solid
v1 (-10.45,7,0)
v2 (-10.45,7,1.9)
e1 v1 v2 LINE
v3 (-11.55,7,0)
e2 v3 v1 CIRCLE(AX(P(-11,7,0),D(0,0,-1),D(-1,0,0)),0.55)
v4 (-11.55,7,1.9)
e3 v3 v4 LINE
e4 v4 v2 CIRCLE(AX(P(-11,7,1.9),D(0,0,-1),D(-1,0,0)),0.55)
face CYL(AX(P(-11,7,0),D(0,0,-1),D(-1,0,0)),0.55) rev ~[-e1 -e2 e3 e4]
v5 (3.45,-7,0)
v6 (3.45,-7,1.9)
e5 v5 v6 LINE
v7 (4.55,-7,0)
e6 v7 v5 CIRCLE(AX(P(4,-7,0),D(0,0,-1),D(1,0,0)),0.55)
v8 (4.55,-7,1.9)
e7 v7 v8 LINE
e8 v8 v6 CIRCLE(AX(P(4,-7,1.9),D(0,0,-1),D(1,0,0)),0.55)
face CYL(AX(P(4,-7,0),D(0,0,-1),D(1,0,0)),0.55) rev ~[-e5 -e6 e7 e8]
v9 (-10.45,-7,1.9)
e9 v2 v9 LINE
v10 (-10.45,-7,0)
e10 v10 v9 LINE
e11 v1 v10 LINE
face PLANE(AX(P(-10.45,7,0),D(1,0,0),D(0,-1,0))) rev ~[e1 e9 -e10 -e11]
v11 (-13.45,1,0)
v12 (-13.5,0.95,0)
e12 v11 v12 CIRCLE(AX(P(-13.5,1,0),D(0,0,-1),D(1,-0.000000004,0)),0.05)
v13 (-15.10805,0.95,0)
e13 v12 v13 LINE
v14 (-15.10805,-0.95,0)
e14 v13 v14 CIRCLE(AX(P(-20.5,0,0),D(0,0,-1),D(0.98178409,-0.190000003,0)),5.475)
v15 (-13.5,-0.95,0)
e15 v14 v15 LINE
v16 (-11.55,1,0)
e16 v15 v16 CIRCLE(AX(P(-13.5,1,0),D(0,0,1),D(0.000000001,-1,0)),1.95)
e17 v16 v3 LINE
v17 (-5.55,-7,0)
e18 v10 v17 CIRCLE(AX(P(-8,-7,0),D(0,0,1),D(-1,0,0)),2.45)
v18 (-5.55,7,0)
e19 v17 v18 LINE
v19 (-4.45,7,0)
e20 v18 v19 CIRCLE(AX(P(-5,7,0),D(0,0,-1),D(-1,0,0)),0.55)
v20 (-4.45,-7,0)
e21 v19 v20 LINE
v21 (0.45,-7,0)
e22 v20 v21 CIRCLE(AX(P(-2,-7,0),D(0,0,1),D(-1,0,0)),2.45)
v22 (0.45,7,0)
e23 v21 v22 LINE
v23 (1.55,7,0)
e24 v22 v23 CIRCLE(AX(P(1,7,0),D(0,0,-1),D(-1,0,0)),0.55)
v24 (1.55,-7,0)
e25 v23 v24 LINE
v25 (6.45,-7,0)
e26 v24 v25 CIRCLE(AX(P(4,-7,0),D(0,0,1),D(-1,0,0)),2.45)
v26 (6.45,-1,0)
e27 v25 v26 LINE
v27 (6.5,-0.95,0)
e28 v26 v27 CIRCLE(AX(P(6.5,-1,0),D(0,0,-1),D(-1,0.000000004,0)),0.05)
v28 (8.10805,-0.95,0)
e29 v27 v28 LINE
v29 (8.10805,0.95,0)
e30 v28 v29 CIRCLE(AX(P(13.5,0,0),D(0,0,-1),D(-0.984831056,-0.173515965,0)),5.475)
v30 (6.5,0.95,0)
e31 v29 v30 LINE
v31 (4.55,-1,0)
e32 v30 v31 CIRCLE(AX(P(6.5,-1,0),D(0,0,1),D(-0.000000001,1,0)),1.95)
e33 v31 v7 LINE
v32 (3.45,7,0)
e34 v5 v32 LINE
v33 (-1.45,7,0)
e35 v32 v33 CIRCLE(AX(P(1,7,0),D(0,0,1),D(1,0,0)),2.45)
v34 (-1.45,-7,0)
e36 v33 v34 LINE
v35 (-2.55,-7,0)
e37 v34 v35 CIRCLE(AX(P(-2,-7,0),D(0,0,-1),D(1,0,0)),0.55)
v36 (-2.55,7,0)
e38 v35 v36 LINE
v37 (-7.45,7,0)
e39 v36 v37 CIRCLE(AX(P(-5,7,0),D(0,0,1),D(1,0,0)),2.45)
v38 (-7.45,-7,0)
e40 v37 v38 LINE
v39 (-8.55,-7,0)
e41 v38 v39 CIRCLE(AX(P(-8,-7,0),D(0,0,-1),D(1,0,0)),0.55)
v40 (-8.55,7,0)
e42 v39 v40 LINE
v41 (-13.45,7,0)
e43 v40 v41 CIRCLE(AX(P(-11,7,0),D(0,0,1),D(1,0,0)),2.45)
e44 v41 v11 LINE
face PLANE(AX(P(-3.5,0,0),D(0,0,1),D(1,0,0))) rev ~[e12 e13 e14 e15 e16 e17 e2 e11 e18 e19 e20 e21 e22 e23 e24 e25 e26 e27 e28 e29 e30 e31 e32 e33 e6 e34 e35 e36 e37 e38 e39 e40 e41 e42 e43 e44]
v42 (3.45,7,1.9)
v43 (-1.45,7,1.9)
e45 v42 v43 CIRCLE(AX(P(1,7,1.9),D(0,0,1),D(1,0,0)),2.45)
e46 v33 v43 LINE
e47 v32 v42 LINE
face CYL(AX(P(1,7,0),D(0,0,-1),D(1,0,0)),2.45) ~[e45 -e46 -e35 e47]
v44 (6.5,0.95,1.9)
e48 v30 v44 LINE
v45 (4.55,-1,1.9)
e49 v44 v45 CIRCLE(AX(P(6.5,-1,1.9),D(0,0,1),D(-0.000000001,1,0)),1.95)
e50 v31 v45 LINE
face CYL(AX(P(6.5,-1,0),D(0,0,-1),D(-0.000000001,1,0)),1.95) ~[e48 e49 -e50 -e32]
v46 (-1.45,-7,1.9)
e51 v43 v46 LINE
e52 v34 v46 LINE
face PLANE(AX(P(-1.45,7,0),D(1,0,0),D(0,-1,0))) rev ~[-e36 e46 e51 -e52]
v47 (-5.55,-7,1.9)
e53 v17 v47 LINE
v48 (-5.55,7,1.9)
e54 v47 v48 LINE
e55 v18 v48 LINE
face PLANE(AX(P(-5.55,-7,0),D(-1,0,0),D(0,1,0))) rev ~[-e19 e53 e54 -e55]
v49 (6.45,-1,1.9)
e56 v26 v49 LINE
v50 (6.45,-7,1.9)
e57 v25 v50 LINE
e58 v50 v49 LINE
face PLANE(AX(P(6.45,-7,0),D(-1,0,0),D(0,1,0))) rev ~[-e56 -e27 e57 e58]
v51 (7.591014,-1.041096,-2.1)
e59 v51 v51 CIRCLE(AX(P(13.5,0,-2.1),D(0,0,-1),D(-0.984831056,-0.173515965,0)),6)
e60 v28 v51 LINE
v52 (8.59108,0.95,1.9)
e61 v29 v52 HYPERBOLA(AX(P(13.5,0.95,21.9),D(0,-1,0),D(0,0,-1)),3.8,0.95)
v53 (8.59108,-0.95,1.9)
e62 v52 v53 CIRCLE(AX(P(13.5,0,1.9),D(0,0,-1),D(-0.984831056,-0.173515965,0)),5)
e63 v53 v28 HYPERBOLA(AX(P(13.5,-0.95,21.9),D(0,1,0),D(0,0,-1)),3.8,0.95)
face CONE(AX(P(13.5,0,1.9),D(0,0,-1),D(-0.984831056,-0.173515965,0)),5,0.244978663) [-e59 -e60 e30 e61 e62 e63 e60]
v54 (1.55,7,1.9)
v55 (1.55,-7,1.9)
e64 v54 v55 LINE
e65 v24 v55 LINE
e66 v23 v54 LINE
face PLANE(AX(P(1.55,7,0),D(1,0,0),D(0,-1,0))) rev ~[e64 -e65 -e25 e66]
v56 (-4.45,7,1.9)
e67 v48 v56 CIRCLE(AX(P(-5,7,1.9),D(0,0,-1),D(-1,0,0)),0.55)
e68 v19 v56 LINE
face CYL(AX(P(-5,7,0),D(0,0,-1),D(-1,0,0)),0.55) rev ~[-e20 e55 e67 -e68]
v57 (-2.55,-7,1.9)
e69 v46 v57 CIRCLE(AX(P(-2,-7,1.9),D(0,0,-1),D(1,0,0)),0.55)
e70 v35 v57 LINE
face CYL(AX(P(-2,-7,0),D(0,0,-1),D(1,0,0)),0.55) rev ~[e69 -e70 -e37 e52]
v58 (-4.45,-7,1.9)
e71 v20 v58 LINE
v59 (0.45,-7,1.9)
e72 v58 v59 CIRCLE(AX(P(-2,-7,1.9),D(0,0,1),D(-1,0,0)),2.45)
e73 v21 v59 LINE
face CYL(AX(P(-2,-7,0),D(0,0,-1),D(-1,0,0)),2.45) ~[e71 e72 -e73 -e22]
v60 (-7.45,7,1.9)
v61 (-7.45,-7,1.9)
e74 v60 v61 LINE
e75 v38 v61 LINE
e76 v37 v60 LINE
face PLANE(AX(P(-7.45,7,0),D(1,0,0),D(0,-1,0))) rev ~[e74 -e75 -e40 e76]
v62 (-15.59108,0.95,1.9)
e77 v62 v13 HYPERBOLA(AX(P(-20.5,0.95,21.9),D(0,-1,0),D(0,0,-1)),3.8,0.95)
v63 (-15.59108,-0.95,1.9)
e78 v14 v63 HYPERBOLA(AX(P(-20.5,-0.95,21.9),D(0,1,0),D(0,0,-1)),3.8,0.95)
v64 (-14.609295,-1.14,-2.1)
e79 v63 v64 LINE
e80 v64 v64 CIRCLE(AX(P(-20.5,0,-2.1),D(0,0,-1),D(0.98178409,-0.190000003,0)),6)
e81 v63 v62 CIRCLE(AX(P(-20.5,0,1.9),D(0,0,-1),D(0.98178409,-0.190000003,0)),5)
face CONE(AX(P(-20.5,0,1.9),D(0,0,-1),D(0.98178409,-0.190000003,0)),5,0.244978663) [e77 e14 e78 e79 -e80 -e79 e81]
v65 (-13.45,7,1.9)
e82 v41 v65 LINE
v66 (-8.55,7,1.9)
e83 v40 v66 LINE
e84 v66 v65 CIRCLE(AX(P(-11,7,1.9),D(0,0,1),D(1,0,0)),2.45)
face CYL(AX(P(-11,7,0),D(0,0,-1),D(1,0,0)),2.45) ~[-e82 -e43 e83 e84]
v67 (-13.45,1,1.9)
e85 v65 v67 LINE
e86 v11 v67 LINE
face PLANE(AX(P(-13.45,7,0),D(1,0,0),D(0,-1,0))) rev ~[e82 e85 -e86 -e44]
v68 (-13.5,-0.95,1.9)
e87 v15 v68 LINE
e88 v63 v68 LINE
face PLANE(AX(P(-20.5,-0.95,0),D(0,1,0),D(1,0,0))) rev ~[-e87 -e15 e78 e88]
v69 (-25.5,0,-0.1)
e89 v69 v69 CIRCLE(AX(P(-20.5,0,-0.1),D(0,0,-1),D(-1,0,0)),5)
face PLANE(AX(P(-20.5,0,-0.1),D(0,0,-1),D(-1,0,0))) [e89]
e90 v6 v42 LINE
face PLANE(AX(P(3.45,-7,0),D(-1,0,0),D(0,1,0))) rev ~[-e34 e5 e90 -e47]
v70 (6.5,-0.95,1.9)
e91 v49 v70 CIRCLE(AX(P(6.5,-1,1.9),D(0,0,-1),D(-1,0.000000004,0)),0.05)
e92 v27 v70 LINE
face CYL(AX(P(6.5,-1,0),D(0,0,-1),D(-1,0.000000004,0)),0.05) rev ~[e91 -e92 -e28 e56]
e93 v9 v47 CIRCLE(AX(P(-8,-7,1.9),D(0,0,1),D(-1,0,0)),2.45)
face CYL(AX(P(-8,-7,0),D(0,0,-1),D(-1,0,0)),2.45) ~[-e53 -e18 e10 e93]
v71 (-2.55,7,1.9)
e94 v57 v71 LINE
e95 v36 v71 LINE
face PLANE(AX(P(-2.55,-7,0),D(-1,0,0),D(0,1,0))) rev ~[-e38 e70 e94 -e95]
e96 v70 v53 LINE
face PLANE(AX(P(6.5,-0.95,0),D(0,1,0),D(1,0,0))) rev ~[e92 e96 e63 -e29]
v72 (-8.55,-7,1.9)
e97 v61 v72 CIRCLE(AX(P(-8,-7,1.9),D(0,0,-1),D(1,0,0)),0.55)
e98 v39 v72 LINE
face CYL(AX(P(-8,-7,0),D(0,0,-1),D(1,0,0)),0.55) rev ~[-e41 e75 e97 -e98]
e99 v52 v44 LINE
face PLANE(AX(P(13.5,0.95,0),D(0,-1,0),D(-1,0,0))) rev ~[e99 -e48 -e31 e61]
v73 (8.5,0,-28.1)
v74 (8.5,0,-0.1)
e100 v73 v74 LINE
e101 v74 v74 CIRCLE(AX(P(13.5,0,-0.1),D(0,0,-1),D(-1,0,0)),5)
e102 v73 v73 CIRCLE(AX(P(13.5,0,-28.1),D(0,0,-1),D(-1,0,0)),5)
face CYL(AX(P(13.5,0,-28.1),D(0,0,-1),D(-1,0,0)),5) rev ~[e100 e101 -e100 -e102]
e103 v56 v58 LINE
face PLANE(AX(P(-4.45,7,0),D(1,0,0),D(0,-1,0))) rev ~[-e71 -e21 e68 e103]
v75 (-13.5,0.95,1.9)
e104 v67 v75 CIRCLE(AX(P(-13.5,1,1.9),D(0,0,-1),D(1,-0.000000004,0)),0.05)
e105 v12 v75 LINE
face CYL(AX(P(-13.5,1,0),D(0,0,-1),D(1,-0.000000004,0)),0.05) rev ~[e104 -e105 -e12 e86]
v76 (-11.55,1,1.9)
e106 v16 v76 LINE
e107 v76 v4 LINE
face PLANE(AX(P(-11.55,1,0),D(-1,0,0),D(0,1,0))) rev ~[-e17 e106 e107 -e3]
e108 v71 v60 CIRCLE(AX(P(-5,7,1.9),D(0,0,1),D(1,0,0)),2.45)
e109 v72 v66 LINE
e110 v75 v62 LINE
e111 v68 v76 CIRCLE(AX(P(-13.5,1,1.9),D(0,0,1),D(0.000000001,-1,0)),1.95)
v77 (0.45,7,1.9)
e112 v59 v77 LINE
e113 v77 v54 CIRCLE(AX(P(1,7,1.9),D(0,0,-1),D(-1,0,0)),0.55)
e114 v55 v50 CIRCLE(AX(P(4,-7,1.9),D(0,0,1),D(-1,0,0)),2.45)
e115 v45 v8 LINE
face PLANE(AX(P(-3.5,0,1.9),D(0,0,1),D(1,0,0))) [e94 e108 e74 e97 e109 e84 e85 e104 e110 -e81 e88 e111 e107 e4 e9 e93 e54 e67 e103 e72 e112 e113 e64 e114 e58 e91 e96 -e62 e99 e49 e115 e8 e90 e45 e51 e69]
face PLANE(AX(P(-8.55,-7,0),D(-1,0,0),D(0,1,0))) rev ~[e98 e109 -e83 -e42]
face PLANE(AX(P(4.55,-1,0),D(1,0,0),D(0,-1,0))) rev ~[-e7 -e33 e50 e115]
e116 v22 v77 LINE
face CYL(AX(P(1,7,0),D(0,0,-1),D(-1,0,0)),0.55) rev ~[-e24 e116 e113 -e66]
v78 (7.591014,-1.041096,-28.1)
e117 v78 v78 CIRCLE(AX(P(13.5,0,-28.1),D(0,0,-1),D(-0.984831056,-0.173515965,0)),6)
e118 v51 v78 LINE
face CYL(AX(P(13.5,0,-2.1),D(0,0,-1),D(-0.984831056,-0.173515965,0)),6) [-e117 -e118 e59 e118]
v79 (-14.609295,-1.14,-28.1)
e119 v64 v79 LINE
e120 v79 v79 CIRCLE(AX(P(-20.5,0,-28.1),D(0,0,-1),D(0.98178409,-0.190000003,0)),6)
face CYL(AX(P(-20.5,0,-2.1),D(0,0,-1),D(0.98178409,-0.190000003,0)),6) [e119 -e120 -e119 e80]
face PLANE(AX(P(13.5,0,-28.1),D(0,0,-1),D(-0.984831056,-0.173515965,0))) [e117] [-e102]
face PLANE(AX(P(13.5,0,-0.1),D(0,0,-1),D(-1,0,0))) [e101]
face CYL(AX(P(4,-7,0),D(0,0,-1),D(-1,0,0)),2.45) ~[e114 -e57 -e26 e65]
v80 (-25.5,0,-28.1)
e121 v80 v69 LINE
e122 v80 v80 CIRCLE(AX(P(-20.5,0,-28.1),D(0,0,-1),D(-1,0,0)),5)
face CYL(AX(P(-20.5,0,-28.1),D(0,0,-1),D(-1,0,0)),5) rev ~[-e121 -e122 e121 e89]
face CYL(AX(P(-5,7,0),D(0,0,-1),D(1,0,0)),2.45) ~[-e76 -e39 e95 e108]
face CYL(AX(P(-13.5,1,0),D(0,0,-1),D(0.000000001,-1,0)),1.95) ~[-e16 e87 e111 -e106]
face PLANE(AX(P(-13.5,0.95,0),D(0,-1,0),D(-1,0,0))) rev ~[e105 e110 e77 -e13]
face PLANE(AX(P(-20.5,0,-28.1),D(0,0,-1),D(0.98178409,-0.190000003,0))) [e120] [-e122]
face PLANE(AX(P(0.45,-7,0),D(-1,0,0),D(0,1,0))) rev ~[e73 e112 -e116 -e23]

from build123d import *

# Parameters (mm, degrees)
BOSS_EXTRUDE1_DEPTH = 1.9
SKETCH5_R           = 5
CUT_EXTRUDE1_DEPTH  = 28


with BuildPart() as part:
    # Sketch2 → Boss-Extrude1 (new body)
    with BuildSketch(Plane.XY):
        with BuildLine():
            Line((-20.5, -0.95), (-13.5, -0.95))
            ThreePointArc((-13.5, -0.95), (-12.121141777, -0.378858223), (-11.55, 1))
            Line((-11.55, 1), (-11.55, 7))
            ThreePointArc((-11.55, 7), (-11, 7.55), (-10.45, 7))
            Line((-10.45, 7), (-10.45, 0))
            Line((-10.45, 0), (-10.45, -7))
            ThreePointArc((-10.45, -7), (-8, -9.45), (-5.55, -7))
            Line((-5.55, -7), (-5.55, 0))
            Line((-5.55, 0), (-5.55, 7))
            ThreePointArc((-5.55, 7), (-5, 7.55), (-4.45, 7))
            Line((-4.45, 7), (-4.45, 0))
            Line((-4.45, 0), (-4.45, -7))
            ThreePointArc((-4.45, -7), (-2, -9.45), (0.45, -7))
            Line((0.45, -7), (0.45, 0))
            Line((0.45, 0), (0.45, 7))
            ThreePointArc((0.45, 7), (1, 7.55), (1.55, 7))
            Line((1.55, 7), (1.55, 0))
            Line((1.55, 0), (1.55, -7))
            ThreePointArc((1.55, -7), (4, -9.45), (6.45, -7))
            Line((6.45, -7), (6.45, -1))
            ThreePointArc((6.45, -1), (6.464644661, -0.964644661), (6.5, -0.95))
            Line((6.5, -0.95), (13.5, -0.95))
            ThreePointArc((13.5, -0.95), (14.45, 0), (13.5, 0.95))
            Line((13.5, 0.95), (6.5, 0.95))
            ThreePointArc((6.5, 0.95), (5.121141777, 0.378858223), (4.55, -1))
            Line((4.55, -1), (4.55, -7))
            ThreePointArc((4.55, -7), (4, -7.55), (3.45, -7))
            Line((3.45, -7), (3.45, 0))
            Line((3.45, 0), (3.45, 7))
            ThreePointArc((3.45, 7), (1, 9.45), (-1.45, 7))
            Line((-1.45, 7), (-1.45, 0))
            Line((-1.45, 0), (-1.45, -7))
            ThreePointArc((-1.45, -7), (-2, -7.55), (-2.55, -7))
            Line((-2.55, -7), (-2.55, 0))
            Line((-2.55, 0), (-2.55, 7))
            ThreePointArc((-2.55, 7), (-5, 9.45), (-7.45, 7))
            Line((-7.45, 7), (-7.45, 0))
            Line((-7.45, 0), (-7.45, -7))
            ThreePointArc((-7.45, -7), (-8, -7.55), (-8.55, -7))
            Line((-8.55, -7), (-8.55, 0))
            Line((-8.55, 0), (-8.55, 7))
            ThreePointArc((-8.55, 7), (-11, 9.45), (-13.45, 7))
            Line((-13.45, 7), (-13.45, 1))
            ThreePointArc((-13.45, 1), (-13.464644661, 0.964644661), (-13.5, 0.95))
            Line((-13.5, 0.95), (-20.5, 0.95))
            ThreePointArc((-20.5, 0.95), (-21.45, 0), (-20.5, -0.95))
        make_face()
    extrude(amount=BOSS_EXTRUDE1_DEPTH)

    # Sketch3 → Revolve1 (revolve)
    with BuildSketch(Plane(origin=(0, 0, 0), x_dir=(1, 0, 0), z_dir=(0, 1, 0)), mode=Mode.PRIVATE) as revolve1_sk:
        Polygon((-20.5, -1.9), (-25.5, -1.9), (-26.5, 2.1), (-26.5, 28.1), (-20.5, 28.1), align=None)
    revolve(revolve1_sk.sketch.rotate(Axis((-20.5, 0, 1.9), (0, 0, -1)), 190.952784348), axis=Axis((-20.5, 0, 1.9), (0, 0, -1)))

    # Sketch4 → Revolve2 (revolve)
    with BuildSketch(Plane(origin=(0, 0, 0), x_dir=(1, 0, 0), z_dir=(0, 1, 0)), mode=Mode.PRIVATE) as revolve2_sk:
        Polygon((13.5, -1.9), (18.5, -1.9), (19.5, 2.1), (19.5, 28.1), (13.5, 28.1), align=None)
    revolve(revolve2_sk.sketch.rotate(Axis((13.5, 0, 1.9), (0, 0, -1)), 170.007691984), axis=Axis((13.5, 0, 1.9), (0, 0, -1)))

    # Sketch5 → Cut-Extrude1 (cut)
    with BuildSketch(Plane(origin=(0, 0, -28.1), x_dir=(-1, 0, 0), z_dir=(0, 0, -1))):
        with Locations((-13.5, 0)):
            Circle(SKETCH5_R)
        with Locations((20.5, 0)):
            Circle(SKETCH5_R)
    extrude(amount=-CUT_EXTRUDE1_DEPTH, mode=Mode.SUBTRACT)


solid = part.part
